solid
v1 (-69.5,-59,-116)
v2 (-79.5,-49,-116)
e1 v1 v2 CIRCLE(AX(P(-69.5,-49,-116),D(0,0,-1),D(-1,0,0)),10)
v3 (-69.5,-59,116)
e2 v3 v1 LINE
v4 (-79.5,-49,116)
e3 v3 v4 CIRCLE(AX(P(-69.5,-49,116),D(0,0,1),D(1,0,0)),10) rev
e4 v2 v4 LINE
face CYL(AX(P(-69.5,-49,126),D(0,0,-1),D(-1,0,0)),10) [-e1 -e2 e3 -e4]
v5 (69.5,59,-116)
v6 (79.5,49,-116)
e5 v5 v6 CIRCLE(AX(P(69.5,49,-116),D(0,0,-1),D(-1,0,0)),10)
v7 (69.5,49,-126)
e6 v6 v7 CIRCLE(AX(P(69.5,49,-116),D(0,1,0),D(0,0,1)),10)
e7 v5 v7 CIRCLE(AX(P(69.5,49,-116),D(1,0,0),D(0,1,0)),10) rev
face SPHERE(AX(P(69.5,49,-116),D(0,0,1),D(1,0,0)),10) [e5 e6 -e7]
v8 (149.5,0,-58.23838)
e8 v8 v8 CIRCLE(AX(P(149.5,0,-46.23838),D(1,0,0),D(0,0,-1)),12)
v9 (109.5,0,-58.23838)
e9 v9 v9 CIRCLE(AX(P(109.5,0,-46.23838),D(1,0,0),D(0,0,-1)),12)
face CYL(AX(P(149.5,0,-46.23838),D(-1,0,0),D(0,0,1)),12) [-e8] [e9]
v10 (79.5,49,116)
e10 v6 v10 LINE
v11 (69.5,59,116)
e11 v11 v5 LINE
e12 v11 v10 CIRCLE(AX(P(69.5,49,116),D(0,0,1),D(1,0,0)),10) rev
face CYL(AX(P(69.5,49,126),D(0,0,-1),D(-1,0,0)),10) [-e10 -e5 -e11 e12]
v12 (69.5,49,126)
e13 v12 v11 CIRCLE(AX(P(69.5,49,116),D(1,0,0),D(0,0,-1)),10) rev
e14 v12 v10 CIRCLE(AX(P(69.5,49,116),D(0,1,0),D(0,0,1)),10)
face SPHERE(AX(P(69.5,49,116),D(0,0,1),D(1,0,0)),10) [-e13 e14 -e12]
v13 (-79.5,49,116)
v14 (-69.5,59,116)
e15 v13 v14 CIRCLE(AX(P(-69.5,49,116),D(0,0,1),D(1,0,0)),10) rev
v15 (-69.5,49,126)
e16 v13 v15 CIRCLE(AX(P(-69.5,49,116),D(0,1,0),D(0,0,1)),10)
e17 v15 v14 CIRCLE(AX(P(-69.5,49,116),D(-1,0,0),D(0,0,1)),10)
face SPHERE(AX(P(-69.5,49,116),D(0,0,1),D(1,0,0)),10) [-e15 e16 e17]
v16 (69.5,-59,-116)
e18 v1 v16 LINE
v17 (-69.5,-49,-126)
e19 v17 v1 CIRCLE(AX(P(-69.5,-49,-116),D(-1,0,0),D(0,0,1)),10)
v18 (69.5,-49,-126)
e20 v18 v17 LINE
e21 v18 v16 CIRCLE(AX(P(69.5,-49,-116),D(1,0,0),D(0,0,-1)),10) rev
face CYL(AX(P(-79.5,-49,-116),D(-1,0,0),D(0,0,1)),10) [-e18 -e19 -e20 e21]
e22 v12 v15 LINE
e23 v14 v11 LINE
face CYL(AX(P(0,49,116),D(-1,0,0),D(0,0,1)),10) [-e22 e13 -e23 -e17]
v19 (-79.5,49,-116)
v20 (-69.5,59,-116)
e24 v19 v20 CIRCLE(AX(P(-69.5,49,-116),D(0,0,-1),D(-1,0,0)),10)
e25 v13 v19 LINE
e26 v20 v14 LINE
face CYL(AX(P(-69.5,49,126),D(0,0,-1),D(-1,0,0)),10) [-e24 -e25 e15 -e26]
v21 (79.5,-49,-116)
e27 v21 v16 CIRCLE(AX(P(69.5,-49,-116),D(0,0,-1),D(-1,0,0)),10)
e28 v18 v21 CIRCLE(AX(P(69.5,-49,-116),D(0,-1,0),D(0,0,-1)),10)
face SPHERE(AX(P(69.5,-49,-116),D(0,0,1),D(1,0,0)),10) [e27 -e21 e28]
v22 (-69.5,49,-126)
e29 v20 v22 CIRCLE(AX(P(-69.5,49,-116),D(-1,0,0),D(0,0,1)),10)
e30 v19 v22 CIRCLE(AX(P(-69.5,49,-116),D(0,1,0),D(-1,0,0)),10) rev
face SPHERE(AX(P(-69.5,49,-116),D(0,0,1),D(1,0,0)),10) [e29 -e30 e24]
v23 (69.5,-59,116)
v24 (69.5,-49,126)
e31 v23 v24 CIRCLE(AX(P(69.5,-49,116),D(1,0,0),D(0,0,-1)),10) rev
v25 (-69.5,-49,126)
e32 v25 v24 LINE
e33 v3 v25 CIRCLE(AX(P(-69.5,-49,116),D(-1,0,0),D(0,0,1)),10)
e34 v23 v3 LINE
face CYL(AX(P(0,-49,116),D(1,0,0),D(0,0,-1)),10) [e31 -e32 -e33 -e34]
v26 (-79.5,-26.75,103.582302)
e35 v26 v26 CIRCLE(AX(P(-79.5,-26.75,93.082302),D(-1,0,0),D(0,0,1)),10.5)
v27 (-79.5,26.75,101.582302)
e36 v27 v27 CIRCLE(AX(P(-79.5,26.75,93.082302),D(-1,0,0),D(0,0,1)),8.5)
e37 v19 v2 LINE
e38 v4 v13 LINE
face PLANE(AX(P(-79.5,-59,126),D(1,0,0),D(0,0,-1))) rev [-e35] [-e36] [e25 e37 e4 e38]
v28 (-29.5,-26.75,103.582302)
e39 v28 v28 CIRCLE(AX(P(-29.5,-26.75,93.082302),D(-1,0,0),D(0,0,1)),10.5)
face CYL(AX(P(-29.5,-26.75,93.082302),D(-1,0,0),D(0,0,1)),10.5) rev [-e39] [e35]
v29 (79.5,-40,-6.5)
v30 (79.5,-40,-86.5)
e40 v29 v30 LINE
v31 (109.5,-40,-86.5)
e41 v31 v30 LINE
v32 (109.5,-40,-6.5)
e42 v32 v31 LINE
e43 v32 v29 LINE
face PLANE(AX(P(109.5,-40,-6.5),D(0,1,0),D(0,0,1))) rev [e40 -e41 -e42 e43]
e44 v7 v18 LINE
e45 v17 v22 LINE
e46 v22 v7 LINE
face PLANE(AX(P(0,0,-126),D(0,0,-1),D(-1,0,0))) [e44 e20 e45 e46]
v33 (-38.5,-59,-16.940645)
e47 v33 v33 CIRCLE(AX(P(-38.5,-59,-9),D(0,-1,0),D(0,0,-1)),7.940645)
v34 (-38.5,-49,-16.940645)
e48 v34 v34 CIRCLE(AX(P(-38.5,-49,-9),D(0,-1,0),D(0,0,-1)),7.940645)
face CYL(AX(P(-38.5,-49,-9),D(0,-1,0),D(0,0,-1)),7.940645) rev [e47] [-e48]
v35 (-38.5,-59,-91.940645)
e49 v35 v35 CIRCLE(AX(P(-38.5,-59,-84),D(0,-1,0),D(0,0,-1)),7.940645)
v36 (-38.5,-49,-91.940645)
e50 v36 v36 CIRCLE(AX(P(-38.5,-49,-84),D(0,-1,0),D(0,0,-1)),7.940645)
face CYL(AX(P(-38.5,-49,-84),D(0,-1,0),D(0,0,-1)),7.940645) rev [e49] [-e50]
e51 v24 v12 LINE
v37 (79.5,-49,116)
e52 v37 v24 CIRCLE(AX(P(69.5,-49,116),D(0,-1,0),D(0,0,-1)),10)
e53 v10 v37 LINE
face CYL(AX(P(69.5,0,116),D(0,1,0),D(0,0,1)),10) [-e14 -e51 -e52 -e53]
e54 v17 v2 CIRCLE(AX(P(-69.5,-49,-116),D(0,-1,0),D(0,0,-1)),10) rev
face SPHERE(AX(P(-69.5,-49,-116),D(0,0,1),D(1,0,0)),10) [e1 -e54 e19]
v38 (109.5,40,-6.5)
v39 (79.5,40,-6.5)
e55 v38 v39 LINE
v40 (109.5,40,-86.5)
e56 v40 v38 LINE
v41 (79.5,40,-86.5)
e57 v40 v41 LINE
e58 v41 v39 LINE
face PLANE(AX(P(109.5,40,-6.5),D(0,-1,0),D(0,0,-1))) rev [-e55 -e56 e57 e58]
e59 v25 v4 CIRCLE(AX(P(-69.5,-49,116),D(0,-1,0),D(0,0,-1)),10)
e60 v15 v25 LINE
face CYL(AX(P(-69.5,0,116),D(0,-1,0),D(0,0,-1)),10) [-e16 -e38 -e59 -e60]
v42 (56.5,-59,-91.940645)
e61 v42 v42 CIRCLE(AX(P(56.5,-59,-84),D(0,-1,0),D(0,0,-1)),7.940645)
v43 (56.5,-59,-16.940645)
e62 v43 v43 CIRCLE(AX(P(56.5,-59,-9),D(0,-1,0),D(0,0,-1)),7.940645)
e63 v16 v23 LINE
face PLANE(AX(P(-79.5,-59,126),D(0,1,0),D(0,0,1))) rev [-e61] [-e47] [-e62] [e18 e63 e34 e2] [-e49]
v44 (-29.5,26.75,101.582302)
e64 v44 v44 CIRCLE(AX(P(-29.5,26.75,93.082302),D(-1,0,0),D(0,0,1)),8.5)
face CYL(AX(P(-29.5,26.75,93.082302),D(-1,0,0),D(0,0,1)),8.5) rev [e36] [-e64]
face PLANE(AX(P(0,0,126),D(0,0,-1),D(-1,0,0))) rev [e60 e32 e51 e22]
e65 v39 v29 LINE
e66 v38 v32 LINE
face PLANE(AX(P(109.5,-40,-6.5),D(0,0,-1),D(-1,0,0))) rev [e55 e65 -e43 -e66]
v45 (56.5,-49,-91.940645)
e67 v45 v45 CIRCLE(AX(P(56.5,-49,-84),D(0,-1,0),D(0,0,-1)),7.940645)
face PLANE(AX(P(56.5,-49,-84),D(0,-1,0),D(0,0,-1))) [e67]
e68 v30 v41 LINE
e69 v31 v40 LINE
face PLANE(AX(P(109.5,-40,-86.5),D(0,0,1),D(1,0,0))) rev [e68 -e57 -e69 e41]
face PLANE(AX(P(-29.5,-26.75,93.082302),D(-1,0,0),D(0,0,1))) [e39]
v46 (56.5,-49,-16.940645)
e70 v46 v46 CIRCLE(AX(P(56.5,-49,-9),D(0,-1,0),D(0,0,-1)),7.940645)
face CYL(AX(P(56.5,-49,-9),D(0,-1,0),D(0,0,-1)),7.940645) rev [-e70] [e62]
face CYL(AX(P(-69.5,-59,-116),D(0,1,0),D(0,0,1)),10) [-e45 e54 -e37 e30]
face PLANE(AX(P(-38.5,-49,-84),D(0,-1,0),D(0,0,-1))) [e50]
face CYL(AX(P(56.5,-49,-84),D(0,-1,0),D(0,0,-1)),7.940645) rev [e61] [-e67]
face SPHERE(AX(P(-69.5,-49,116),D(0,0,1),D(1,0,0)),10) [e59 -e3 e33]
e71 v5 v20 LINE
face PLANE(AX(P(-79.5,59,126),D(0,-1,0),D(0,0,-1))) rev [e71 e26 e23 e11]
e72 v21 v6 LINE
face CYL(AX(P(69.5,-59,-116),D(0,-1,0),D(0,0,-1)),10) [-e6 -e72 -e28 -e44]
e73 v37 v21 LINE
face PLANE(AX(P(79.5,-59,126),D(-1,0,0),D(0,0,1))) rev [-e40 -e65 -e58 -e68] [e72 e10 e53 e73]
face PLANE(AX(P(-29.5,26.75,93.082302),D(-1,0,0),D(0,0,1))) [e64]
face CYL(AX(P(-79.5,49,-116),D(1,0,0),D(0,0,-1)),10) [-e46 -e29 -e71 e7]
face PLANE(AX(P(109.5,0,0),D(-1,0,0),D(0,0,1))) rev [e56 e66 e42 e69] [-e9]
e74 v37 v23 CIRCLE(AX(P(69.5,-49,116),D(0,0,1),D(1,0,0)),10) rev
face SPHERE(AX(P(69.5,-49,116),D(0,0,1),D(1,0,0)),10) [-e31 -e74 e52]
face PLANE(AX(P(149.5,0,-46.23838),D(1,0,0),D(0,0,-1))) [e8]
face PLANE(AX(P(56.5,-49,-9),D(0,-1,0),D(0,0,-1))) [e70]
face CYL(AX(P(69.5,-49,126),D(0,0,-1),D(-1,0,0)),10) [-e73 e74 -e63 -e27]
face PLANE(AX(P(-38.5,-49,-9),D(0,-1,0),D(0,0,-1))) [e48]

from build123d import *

# Parameters (mm, degrees)
SKETCH1_W           = 159
SKETCH1_H           = 118
BOSS_EXTRUDE1_DEPTH = 126
FILLET1_R           = 10
SKETCH6_W           = 80
SKETCH6_H           = 80
BOSS_EXTRUDE2_DEPTH = 30
SKETCH7_R           = 12
BOSS_EXTRUDE3_DEPTH = 40
SKETCH11_R          = 8.5
SKETCH11_R_2        = 10.5
CUT_EXTRUDE5_DEPTH  = 50
SKETCH12_R          = 7.94064545
CUT_EXTRUDE6_DEPTH  = 10


with BuildPart() as part:
    # Sketch1 → Boss-Extrude1 (new, symmetric)
    with BuildSketch(Plane.XY):
        Rectangle(SKETCH1_W, SKETCH1_H)
    extrude(amount=BOSS_EXTRUDE1_DEPTH, both=True)

    # Fillet1
    fillet1_edges = [part.edges().sort_by_distance(p)[0] for p in [
        (-79.5, 0, 126),
        (0, -59, 126),
        (79.5, 0, 126),
        (0, -59, -126),
        (-79.5, 0, -126),
        (0, 59, -126),
        (79.5, 0, -126),
        (0, 59, 126),
        (79.5, -59, 0),
        (-79.5, -59, 0),
        (-79.5, 59, 0),
        (79.5, 59, 0),
    ]]
    fillet(fillet1_edges, radius=FILLET1_R)

    # Sketch6 → Boss-Extrude2 (add)
    with BuildSketch(Plane(origin=(79.5, 0, 0), x_dir=(0, 0, -1), z_dir=(1, 0, 0))):
        with Locations((46.5, 0)):
            Rectangle(SKETCH6_W, SKETCH6_H)
    extrude(amount=BOSS_EXTRUDE2_DEPTH)

    # Sketch7 → Boss-Extrude3 (add)
    with BuildSketch(Plane(origin=(109.5, 0, 0), x_dir=(0, 0, -1), z_dir=(1, 0, 0))):
        with Locations((46.238380337, 0)):
            Circle(SKETCH7_R)
    extrude(amount=BOSS_EXTRUDE3_DEPTH)

    # Sketch11 → Cut-Extrude5 (cut)
    with BuildSketch(Plane.ZY.offset(79.5)):
        with Locations((93.08230214, 26.75)):
            Circle(SKETCH11_R)
        with Locations((93.08230214, -26.75)):
            Circle(SKETCH11_R_2)
    extrude(amount=-CUT_EXTRUDE5_DEPTH, mode=Mode.SUBTRACT)

    # Sketch12 → Cut-Extrude6 (cut)
    with BuildSketch(Plane.XZ.offset(59)):
        with Locations(Location((-38.5, -84, 0), (0, 0, 270))):
            Circle(SKETCH12_R)
        with Locations(Location((56.5, -84, 0), (0, 0, 270))):
            Circle(SKETCH12_R)
        with Locations(Location((56.5, -9, 0), (0, 0, 270))):
            Circle(SKETCH12_R)
        with Locations(Location((-38.5, -9, 0), (0, 0, 270))):
            Circle(SKETCH12_R)
    extrude(amount=-CUT_EXTRUDE6_DEPTH, mode=Mode.SUBTRACT)


solid = part.part
